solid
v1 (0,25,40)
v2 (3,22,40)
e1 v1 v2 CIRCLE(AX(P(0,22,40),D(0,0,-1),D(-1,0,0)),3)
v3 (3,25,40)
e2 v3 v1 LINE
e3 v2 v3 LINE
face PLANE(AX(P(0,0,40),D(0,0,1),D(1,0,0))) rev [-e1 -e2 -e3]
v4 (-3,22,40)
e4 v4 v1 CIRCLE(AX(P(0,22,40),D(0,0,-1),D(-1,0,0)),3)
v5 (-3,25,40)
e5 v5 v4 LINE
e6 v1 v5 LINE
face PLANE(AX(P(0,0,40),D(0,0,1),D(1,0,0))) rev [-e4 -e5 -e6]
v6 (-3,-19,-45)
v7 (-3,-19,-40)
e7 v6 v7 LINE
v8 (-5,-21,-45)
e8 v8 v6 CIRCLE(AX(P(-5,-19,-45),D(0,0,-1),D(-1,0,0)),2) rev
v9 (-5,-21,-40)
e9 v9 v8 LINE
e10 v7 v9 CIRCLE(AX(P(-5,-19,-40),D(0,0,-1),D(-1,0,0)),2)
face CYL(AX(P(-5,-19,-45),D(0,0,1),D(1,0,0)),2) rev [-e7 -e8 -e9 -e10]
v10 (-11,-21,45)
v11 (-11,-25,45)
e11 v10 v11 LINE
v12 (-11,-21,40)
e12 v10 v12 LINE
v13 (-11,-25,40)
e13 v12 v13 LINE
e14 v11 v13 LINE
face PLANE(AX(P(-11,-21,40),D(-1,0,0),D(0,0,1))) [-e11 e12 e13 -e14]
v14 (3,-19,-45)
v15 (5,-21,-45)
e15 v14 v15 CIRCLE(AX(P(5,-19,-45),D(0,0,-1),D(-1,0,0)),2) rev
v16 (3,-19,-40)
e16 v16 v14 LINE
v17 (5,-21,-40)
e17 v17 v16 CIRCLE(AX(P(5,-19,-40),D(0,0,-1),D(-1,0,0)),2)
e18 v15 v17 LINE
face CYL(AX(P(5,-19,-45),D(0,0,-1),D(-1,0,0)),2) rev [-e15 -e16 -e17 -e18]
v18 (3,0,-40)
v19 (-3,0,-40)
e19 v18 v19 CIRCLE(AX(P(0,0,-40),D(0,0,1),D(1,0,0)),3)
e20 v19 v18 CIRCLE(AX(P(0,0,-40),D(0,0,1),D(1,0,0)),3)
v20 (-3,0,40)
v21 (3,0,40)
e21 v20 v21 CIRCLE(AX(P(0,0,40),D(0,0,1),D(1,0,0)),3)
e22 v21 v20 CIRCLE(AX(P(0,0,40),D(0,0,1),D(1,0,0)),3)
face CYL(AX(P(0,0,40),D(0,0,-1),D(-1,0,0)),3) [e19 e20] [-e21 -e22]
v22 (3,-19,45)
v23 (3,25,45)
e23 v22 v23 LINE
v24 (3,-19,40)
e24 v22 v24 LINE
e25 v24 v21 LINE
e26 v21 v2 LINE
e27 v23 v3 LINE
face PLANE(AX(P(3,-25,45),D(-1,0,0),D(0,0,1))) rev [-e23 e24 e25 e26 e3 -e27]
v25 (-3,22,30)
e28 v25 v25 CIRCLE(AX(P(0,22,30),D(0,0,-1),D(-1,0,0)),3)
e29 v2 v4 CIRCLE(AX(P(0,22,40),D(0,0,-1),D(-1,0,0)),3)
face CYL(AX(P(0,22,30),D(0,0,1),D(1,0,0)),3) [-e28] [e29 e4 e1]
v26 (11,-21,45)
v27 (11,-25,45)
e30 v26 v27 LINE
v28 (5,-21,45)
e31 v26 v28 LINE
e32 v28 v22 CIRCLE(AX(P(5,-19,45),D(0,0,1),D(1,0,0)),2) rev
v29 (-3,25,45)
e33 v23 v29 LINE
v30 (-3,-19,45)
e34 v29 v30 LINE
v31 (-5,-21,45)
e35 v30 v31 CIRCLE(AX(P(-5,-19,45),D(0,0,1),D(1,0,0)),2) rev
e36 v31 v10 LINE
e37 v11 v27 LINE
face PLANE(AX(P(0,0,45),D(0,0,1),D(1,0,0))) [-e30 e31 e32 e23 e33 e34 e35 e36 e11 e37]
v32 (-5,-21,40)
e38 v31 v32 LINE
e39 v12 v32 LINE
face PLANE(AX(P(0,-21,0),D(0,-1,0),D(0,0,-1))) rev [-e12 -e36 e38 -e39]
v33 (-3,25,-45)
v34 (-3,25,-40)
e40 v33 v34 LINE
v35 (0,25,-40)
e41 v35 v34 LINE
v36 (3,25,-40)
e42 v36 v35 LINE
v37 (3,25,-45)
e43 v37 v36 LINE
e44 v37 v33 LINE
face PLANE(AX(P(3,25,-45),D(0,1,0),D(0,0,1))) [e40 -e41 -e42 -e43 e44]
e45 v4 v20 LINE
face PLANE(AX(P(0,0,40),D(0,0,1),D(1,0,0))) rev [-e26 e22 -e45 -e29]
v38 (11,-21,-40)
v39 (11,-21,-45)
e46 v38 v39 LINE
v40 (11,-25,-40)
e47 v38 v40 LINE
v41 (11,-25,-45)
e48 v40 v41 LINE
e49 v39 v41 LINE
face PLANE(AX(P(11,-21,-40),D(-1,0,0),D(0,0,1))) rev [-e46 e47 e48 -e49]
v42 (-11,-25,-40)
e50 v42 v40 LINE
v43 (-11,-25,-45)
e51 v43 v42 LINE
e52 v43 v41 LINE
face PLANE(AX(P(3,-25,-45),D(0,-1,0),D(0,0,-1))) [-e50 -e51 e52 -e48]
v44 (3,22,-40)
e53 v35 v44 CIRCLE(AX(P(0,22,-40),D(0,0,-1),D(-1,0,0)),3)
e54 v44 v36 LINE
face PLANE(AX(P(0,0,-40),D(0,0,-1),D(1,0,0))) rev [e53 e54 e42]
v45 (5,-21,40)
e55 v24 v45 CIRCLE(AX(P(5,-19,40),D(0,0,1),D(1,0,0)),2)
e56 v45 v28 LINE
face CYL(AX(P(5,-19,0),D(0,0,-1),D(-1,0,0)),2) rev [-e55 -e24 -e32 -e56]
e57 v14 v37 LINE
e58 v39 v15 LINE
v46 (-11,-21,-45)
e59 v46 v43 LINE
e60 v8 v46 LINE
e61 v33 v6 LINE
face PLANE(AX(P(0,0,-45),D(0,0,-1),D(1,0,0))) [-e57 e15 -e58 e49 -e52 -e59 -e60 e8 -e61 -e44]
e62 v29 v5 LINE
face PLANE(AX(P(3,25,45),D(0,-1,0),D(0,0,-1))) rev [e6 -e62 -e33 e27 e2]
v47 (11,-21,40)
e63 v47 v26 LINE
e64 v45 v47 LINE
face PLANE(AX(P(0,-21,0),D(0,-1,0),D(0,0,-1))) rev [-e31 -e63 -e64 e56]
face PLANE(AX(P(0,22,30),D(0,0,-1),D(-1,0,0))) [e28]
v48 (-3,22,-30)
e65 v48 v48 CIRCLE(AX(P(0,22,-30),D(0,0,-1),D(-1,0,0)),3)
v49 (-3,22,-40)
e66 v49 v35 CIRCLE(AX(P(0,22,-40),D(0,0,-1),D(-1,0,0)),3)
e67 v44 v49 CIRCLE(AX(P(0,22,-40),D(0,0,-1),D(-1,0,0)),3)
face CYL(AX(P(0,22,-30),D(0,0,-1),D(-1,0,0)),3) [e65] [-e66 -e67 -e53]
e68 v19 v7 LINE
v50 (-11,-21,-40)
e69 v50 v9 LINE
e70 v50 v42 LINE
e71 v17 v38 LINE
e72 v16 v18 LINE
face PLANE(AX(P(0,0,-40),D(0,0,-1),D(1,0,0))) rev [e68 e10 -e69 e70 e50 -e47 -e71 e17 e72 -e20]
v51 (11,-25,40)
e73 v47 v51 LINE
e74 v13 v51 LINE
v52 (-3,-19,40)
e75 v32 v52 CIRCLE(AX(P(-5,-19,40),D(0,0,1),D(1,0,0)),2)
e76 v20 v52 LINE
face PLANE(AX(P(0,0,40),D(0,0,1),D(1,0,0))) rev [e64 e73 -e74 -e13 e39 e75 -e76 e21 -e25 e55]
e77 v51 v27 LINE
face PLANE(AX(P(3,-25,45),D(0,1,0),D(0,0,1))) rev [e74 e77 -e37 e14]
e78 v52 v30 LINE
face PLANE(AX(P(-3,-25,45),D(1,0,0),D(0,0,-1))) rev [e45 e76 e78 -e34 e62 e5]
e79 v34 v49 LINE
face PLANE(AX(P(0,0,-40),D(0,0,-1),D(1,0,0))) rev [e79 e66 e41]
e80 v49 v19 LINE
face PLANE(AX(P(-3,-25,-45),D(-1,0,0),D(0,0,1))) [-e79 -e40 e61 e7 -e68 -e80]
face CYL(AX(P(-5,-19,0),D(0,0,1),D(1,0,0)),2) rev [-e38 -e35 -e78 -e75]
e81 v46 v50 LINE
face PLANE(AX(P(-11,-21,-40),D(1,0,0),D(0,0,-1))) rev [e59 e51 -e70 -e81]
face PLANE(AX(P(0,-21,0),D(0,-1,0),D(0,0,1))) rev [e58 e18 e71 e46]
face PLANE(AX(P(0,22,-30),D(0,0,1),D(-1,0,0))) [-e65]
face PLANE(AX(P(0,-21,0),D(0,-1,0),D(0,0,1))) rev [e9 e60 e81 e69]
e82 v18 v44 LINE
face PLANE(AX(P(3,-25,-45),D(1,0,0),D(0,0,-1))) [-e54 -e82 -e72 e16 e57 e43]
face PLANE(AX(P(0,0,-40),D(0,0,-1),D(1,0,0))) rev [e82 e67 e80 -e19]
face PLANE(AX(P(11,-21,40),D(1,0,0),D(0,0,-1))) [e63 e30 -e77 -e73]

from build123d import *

# Parameters (mm, degrees)
SKETCH1_R            = 3
BOSS_EXTRUDE1_DEPTH  = 40
SKETCH2_W            = 6
SKETCH2_H            = 50
BOSS_EXTRUDE2_DEPTH  = 5
SKETCH9_W            = 22
SKETCH9_H            = 5
BOSS_EXTRUDE5_DEPTH  = 4
FILLET1_R            = 2
SKETCH11_R           = 3
BOSS_EXTRUDE7_DEPTH  = 10
FILLET1_OF_MIRROR5_R = 2


with BuildPart() as part:
    # Sketch1 → Boss-Extrude1 (new, symmetric)
    with BuildSketch(Plane.XY):
        Circle(SKETCH1_R)
    extrude(amount=BOSS_EXTRUDE1_DEPTH, both=True)

    # Sketch2 → Boss-Extrude2 (add)
    with BuildSketch(Plane.XY.offset(40)):
        Rectangle(SKETCH2_W, SKETCH2_H)
    boss_extrude2 = extrude(amount=BOSS_EXTRUDE2_DEPTH)

    # Sketch9 → Boss-Extrude5 (add)
    with BuildSketch(Plane.XZ.offset(25)):
        with Locations((0, 42.5)):
            Rectangle(SKETCH9_W, SKETCH9_H)
    boss_extrude5 = extrude(amount=-BOSS_EXTRUDE5_DEPTH)

    # Fillet1
    fillet1_edges = [part.edges().sort_by_distance(p)[0] for p in [
        (-3, -21, 42.5),
        (3, -21, 42.5),
    ]]
    fillet(fillet1_edges, radius=FILLET1_R)

    # Sketch11 → Boss-Extrude7 (add)
    with BuildSketch(Plane(origin=(0, 0, 40), x_dir=(-1, 0, 0), z_dir=(0, 0, -1))):
        with Locations((0, 22)):
            Circle(SKETCH11_R)
    boss_extrude7 = extrude(amount=BOSS_EXTRUDE7_DEPTH)

    # Mirror5: Boss-Extrude2, Boss-Extrude5, Boss-Extrude7 across plane
    add(boss_extrude2.mirror(Plane.XY))
    add(boss_extrude5.mirror(Plane.XY))
    add(boss_extrude7.mirror(Plane.XY))

    # Fillet1 of Mirror5
    fillet1_of_mirror5_edges = [part.edges().sort_by_distance(p)[0] for p in [
        (-3, -21, -42.5),
        (3, -21, -42.5),
    ]]
    fillet(fillet1_of_mirror5_edges, radius=FILLET1_OF_MIRROR5_R)

    # Mirror1: Boss-Extrude2 across plane
    add(boss_extrude2.mirror(Plane.XY))


solid = part.part
